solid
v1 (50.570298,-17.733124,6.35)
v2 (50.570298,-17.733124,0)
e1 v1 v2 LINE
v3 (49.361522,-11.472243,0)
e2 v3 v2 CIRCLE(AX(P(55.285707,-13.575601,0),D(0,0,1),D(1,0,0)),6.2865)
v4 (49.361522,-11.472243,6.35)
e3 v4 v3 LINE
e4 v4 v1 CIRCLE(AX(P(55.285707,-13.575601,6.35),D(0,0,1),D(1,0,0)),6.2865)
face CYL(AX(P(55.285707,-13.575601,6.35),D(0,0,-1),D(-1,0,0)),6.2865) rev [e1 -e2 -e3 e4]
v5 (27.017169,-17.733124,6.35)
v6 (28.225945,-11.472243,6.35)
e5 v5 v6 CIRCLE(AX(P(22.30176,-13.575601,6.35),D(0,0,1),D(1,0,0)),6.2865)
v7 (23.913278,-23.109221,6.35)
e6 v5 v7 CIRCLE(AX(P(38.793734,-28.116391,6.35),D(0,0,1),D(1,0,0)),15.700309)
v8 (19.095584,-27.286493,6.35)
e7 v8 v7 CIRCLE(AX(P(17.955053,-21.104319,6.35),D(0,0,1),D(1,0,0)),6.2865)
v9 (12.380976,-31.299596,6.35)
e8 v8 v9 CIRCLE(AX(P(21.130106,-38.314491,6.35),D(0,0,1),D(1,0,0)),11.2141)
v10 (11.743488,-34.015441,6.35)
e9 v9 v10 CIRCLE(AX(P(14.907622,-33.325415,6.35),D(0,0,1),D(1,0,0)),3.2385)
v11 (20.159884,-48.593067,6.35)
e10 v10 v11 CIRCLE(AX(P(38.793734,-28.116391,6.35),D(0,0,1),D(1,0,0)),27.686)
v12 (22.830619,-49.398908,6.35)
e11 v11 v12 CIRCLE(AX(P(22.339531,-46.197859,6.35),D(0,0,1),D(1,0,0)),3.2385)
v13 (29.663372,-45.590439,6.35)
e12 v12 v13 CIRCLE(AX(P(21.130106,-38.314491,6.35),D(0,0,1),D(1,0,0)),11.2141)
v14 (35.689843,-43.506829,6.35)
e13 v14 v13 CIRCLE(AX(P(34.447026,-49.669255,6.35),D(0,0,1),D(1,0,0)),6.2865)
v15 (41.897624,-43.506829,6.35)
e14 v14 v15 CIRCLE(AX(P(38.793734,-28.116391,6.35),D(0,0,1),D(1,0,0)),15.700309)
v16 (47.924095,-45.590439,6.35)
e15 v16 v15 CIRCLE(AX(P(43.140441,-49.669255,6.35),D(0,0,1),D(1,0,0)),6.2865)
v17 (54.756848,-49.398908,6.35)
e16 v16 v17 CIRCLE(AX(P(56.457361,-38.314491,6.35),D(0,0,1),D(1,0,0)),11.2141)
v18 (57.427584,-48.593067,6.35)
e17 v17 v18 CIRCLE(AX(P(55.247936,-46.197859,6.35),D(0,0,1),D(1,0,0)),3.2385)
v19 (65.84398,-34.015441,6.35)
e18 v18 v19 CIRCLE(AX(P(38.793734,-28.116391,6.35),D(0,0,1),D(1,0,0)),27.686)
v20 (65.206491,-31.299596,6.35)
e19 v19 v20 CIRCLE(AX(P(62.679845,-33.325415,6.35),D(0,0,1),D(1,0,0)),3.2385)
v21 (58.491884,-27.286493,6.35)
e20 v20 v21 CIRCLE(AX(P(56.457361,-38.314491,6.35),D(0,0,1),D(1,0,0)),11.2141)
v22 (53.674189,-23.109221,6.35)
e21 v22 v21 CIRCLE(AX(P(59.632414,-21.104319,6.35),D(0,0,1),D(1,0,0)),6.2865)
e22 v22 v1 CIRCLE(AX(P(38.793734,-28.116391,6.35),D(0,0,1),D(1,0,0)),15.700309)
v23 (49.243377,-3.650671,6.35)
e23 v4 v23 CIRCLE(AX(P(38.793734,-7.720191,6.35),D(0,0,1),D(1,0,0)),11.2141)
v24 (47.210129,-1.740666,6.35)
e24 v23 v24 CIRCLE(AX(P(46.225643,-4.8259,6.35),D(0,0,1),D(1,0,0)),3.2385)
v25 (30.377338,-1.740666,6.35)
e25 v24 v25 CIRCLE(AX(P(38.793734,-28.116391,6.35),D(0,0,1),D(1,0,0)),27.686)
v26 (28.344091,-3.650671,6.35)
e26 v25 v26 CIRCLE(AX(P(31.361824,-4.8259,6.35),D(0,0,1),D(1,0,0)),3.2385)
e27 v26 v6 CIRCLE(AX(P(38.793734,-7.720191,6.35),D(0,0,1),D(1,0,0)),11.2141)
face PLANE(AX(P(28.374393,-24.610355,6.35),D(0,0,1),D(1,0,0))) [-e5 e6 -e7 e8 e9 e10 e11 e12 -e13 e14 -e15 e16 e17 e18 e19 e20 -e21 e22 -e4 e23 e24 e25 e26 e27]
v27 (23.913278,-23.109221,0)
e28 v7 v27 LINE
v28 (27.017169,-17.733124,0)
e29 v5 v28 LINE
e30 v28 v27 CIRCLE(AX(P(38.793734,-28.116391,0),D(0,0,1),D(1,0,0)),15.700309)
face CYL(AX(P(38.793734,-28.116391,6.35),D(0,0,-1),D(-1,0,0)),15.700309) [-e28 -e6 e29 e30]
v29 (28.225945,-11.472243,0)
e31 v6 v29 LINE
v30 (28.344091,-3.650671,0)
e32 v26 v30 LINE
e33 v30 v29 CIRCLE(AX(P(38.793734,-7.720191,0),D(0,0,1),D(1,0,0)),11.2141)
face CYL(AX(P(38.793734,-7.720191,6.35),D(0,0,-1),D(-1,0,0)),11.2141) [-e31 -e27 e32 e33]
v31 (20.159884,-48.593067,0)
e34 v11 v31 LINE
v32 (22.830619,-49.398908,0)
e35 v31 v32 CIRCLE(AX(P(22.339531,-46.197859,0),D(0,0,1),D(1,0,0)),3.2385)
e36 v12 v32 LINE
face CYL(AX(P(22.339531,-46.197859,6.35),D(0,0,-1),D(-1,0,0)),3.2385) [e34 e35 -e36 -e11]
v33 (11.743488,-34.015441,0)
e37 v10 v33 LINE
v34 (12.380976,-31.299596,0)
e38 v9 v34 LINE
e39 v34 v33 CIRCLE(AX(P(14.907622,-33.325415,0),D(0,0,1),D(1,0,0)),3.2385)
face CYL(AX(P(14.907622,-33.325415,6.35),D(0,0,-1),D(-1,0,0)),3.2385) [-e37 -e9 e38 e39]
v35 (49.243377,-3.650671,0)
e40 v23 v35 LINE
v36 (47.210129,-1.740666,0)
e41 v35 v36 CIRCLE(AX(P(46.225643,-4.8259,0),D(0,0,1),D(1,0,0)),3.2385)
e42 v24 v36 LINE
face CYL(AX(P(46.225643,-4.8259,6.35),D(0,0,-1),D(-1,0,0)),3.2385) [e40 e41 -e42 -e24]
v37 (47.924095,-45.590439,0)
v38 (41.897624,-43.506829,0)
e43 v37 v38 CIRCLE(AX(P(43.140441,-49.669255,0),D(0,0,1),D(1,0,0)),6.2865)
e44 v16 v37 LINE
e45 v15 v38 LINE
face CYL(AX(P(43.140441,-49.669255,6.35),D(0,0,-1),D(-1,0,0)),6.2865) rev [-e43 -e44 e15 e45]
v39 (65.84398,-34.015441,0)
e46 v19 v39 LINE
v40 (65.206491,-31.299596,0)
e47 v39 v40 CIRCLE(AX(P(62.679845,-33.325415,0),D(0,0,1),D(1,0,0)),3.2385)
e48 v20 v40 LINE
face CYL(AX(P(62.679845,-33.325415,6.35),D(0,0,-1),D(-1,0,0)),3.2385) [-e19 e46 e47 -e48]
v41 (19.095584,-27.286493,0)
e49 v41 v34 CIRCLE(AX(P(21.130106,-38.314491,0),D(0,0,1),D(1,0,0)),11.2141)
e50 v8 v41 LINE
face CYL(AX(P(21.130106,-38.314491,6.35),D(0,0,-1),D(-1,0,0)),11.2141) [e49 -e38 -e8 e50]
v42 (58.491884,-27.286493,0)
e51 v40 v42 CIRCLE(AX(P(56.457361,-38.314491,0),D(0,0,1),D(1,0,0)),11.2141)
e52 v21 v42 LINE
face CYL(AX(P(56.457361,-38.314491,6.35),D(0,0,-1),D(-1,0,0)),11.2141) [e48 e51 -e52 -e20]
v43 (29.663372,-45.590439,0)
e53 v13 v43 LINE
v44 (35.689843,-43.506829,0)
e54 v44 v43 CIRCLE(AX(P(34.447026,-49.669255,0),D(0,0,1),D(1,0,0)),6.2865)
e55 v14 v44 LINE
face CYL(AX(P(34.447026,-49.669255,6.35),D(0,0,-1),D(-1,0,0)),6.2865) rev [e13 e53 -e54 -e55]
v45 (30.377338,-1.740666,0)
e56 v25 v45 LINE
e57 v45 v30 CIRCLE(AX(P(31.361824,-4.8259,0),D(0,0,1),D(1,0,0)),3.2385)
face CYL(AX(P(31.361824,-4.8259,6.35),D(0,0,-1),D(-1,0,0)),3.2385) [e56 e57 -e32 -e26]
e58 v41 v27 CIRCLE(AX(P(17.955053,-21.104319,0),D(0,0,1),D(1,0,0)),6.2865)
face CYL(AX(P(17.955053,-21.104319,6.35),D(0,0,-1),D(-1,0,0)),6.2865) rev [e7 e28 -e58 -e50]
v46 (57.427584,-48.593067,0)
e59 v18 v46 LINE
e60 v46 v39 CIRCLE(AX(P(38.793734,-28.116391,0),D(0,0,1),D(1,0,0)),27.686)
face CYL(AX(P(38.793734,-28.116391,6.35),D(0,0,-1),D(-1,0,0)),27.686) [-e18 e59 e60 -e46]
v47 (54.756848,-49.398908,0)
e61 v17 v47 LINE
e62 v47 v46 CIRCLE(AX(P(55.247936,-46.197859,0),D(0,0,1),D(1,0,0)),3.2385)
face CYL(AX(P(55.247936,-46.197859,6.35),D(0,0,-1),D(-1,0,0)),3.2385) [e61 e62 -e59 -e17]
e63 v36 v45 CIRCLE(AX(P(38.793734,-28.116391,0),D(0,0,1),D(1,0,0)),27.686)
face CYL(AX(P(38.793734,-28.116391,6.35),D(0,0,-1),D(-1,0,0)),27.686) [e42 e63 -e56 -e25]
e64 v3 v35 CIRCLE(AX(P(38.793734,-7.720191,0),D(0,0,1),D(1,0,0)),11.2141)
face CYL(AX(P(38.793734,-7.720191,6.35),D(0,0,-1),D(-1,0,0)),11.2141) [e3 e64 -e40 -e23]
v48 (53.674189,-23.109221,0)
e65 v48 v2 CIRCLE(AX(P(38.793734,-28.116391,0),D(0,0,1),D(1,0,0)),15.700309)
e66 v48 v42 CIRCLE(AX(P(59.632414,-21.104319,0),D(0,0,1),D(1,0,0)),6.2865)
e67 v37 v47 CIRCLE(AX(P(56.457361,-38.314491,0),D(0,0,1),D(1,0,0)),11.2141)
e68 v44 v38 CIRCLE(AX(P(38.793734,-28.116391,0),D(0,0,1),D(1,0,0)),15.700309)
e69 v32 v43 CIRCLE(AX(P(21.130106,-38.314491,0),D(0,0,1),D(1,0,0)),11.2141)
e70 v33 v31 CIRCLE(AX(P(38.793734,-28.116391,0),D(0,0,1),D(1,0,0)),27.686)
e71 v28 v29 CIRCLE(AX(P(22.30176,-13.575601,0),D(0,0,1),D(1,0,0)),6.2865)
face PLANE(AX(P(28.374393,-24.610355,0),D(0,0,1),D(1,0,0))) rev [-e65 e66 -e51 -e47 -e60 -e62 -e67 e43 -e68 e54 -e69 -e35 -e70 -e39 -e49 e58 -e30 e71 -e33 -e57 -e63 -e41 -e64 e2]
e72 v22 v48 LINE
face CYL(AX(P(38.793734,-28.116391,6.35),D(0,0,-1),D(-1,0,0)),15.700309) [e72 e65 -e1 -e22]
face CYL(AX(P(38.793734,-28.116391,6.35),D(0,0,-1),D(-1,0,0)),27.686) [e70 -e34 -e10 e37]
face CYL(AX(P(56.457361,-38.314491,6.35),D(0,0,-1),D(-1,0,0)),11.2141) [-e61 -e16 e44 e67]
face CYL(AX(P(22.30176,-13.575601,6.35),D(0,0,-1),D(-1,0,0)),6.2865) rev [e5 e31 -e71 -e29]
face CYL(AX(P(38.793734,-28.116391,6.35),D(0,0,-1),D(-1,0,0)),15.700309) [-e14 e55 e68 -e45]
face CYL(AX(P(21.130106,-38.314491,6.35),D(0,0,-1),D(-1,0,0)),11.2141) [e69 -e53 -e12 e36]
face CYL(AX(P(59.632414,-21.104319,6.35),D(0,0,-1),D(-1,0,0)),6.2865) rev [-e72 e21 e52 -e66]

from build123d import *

# Parameters (mm, degrees)
BOSS_EXTRUDE1_DEPTH = 6.35


with BuildPart() as part:
    # Sketch1 → Boss-Extrude1 (new body)
    with BuildSketch(Plane.XY):
        with BuildLine():
            ThreePointArc((19.09558361, -27.286492755), (15.377016657, -28.688589019), (12.38097626, -31.299595732))
            ThreePointArc((12.38097626, -31.299595732), (11.754813891, -32.585358585), (11.743487691, -34.015441499))
            ThreePointArc((11.743487691, -34.015441499), (14.816954296, -41.959391499), (20.1598835, -48.593066656))
            ThreePointArc((20.1598835, -48.593066656), (21.404034733, -49.298299337), (22.830619211, -49.398908245))
            ThreePointArc((22.830619211, -49.398908245), (26.589837552, -48.109764507), (29.663372012, -45.590439192))
            ThreePointArc((29.663372012, -45.590439192), (32.39282557, -43.727845578), (35.689842925, -43.506829177))
            ThreePointArc((35.689842925, -43.506829177), (38.793733625, -43.816700713), (41.897624325, -43.506829177))
            ThreePointArc((41.897624325, -43.506829177), (45.194641681, -43.727845578), (47.924095238, -45.590439192))
            ThreePointArc((47.924095238, -45.590439192), (50.997629698, -48.109764507), (54.75684804, -49.398908245))
            ThreePointArc((54.75684804, -49.398908245), (56.183432518, -49.298299337), (57.427583751, -48.593066656))
            ThreePointArc((57.427583751, -48.593066656), (62.770512955, -41.959391499), (65.84397956, -34.015441499))
            ThreePointArc((65.84397956, -34.015441499), (65.83265336, -32.585358585), (65.206490991, -31.299595732))
            ThreePointArc((65.206490991, -31.299595732), (62.210450594, -28.688589019), (58.491883641, -27.286492755))
            ThreePointArc((58.491883641, -27.286492755), (55.514103476, -25.854013443), (53.67418898, -23.109220856))
            ThreePointArc((53.67418898, -23.109220856), (52.390600252, -20.266236892), (50.57029828, -17.733124463))
            ThreePointArc((50.57029828, -17.733124463), (49.11319542, -14.767315476), (49.361522028, -11.47224255))
            ThreePointArc((49.361522028, -11.47224255), (50.006554521, -7.550820971), (49.243376577, -3.650670519))
            ThreePointArc((49.243376577, -3.650670519), (48.442954467, -2.465516575), (47.210129434, -1.740666341))
            ThreePointArc((47.210129434, -1.740666341), (38.793733625, -0.430391499), (30.377337817, -1.740666341))
            ThreePointArc((30.377337817, -1.740666341), (29.144512783, -2.465516575), (28.344090674, -3.650670519))
            ThreePointArc((28.344090674, -3.650670519), (27.58091273, -7.550820971), (28.225945223, -11.47224255))
            ThreePointArc((28.225945223, -11.47224255), (28.47427183, -14.767315476), (27.01716897, -17.733124463))
            ThreePointArc((27.01716897, -17.733124463), (25.196866999, -20.266236892), (23.91327827, -23.109220856))
            ThreePointArc((23.91327827, -23.109220856), (22.073363775, -25.854013443), (19.09558361, -27.286492755))
        make_face()
    extrude(amount=BOSS_EXTRUDE1_DEPTH)


solid = part.part
